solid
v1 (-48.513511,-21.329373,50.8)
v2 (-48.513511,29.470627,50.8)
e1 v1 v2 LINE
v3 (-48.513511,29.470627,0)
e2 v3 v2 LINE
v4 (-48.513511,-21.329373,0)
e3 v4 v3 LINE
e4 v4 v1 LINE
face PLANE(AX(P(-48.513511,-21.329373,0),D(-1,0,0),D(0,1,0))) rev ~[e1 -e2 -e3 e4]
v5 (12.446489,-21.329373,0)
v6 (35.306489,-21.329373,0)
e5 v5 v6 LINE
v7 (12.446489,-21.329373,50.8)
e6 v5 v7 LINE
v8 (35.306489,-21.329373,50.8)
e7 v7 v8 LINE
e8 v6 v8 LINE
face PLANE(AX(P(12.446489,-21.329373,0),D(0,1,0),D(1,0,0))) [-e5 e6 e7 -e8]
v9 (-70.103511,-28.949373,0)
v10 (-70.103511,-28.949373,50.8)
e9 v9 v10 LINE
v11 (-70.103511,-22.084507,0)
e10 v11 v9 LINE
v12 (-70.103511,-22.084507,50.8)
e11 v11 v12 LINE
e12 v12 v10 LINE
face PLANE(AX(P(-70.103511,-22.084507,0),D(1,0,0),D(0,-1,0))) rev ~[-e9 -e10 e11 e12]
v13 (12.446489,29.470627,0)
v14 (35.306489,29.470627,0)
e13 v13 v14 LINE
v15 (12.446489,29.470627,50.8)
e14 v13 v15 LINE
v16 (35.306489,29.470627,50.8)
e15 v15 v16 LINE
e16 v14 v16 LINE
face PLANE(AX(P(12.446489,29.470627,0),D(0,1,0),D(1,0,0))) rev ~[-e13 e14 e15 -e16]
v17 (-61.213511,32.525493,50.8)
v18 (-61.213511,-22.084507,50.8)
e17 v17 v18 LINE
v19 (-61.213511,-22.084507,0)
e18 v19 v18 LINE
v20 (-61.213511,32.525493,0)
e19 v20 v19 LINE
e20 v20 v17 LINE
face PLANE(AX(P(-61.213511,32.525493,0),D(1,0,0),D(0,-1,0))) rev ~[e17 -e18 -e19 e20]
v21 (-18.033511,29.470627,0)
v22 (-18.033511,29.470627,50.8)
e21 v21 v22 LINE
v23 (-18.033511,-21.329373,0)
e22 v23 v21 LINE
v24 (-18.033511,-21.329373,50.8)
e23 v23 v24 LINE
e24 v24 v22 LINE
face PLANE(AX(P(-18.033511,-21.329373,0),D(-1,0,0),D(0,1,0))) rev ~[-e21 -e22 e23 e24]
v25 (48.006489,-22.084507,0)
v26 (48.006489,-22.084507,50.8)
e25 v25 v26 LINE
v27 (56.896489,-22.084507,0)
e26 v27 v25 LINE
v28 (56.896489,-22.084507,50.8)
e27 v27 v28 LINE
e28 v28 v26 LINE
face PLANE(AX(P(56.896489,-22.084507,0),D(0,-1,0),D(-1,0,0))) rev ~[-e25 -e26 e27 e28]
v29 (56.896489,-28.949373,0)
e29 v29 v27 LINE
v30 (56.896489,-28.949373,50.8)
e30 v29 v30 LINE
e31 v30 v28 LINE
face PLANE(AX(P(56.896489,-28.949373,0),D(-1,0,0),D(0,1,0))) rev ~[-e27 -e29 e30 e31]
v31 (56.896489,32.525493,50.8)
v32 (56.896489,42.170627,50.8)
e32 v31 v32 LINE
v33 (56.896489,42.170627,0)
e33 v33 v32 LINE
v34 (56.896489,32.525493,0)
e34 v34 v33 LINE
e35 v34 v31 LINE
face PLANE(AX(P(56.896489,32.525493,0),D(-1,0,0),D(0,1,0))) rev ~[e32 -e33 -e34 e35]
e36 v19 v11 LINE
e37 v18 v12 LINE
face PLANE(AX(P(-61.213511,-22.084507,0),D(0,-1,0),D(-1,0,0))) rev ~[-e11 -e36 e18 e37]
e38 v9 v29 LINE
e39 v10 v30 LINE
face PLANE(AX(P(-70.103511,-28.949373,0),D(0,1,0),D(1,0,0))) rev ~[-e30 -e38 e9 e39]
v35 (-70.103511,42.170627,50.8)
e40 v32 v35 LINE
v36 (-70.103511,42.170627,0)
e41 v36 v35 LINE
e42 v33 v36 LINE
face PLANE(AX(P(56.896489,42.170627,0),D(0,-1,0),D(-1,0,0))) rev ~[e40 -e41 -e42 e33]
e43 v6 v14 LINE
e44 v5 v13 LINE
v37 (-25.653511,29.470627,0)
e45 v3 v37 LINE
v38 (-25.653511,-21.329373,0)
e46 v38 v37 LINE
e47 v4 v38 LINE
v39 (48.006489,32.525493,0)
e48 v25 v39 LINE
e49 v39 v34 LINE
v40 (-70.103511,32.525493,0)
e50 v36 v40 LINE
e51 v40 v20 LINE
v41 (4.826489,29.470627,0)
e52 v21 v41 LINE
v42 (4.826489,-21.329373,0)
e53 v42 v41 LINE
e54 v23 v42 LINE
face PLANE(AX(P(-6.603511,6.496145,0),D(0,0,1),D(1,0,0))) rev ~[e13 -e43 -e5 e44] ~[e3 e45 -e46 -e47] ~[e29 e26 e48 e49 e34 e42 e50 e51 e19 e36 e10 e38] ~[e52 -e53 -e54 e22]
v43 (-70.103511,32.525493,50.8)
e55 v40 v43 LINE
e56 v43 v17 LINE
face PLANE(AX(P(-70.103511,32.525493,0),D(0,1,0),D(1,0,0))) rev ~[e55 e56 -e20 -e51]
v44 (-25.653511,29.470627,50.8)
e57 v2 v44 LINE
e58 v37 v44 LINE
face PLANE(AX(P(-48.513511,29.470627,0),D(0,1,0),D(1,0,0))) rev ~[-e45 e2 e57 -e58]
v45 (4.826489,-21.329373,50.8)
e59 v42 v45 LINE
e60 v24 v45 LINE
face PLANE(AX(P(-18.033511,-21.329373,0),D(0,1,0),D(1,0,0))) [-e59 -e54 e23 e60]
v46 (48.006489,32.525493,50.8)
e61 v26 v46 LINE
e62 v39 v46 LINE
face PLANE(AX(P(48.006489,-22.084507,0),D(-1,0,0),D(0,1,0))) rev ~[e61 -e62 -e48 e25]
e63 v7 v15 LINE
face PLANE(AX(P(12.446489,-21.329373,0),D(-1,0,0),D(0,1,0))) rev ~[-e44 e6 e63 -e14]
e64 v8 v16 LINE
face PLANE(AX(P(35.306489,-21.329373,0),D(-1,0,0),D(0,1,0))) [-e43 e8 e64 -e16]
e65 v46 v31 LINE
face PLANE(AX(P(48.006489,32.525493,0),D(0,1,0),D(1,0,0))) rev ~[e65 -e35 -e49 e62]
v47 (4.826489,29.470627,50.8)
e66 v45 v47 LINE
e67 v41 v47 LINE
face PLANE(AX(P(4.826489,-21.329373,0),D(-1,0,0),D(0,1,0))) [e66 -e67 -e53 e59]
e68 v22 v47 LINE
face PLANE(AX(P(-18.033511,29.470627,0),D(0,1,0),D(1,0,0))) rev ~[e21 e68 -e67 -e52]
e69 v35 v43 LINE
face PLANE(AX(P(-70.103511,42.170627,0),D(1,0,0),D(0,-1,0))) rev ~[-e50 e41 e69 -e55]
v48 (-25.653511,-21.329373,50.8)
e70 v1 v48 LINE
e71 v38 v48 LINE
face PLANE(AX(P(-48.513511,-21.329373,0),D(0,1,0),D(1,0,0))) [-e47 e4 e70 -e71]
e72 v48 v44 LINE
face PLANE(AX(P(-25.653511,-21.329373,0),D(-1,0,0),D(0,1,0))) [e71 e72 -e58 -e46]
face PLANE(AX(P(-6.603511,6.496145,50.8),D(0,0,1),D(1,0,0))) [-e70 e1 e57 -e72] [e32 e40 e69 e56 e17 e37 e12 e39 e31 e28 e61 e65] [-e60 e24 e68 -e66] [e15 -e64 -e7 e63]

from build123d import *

# Parameters (mm, degrees)
F0_W     = 22.86
F0_H     = 50.8
F1_DEPTH = 50.8


with BuildPart() as f1:
    # F0 (on Top) → F1 (new body)
    with BuildSketch(Plane.XY):
        Polygon((56.896489, 42.170627), (-6.603511, 42.170627), (-70.103511, 42.170627), (-70.103511, 32.525493), (-61.213511, 32.525493), (-61.213511, -22.084507), (-70.103511, -22.084507), (-70.103511, -28.949373), (56.896489, -28.949373), (56.896489, -22.084507), (48.006489, -22.084507), (48.006489, 32.525493), (56.896489, 32.525493), align=None)
        with Locations((-37.083511, 4.070627)):
            Rectangle(F0_W, F0_H, mode=Mode.SUBTRACT)
        with Locations((-6.603511, 4.070627)):
            Rectangle(F0_W, F0_H, mode=Mode.SUBTRACT)
        with Locations((23.876489, 4.070627)):
            Rectangle(F0_W, F0_H, mode=Mode.SUBTRACT)
    extrude(amount=F1_DEPTH)


solid = f1.part
